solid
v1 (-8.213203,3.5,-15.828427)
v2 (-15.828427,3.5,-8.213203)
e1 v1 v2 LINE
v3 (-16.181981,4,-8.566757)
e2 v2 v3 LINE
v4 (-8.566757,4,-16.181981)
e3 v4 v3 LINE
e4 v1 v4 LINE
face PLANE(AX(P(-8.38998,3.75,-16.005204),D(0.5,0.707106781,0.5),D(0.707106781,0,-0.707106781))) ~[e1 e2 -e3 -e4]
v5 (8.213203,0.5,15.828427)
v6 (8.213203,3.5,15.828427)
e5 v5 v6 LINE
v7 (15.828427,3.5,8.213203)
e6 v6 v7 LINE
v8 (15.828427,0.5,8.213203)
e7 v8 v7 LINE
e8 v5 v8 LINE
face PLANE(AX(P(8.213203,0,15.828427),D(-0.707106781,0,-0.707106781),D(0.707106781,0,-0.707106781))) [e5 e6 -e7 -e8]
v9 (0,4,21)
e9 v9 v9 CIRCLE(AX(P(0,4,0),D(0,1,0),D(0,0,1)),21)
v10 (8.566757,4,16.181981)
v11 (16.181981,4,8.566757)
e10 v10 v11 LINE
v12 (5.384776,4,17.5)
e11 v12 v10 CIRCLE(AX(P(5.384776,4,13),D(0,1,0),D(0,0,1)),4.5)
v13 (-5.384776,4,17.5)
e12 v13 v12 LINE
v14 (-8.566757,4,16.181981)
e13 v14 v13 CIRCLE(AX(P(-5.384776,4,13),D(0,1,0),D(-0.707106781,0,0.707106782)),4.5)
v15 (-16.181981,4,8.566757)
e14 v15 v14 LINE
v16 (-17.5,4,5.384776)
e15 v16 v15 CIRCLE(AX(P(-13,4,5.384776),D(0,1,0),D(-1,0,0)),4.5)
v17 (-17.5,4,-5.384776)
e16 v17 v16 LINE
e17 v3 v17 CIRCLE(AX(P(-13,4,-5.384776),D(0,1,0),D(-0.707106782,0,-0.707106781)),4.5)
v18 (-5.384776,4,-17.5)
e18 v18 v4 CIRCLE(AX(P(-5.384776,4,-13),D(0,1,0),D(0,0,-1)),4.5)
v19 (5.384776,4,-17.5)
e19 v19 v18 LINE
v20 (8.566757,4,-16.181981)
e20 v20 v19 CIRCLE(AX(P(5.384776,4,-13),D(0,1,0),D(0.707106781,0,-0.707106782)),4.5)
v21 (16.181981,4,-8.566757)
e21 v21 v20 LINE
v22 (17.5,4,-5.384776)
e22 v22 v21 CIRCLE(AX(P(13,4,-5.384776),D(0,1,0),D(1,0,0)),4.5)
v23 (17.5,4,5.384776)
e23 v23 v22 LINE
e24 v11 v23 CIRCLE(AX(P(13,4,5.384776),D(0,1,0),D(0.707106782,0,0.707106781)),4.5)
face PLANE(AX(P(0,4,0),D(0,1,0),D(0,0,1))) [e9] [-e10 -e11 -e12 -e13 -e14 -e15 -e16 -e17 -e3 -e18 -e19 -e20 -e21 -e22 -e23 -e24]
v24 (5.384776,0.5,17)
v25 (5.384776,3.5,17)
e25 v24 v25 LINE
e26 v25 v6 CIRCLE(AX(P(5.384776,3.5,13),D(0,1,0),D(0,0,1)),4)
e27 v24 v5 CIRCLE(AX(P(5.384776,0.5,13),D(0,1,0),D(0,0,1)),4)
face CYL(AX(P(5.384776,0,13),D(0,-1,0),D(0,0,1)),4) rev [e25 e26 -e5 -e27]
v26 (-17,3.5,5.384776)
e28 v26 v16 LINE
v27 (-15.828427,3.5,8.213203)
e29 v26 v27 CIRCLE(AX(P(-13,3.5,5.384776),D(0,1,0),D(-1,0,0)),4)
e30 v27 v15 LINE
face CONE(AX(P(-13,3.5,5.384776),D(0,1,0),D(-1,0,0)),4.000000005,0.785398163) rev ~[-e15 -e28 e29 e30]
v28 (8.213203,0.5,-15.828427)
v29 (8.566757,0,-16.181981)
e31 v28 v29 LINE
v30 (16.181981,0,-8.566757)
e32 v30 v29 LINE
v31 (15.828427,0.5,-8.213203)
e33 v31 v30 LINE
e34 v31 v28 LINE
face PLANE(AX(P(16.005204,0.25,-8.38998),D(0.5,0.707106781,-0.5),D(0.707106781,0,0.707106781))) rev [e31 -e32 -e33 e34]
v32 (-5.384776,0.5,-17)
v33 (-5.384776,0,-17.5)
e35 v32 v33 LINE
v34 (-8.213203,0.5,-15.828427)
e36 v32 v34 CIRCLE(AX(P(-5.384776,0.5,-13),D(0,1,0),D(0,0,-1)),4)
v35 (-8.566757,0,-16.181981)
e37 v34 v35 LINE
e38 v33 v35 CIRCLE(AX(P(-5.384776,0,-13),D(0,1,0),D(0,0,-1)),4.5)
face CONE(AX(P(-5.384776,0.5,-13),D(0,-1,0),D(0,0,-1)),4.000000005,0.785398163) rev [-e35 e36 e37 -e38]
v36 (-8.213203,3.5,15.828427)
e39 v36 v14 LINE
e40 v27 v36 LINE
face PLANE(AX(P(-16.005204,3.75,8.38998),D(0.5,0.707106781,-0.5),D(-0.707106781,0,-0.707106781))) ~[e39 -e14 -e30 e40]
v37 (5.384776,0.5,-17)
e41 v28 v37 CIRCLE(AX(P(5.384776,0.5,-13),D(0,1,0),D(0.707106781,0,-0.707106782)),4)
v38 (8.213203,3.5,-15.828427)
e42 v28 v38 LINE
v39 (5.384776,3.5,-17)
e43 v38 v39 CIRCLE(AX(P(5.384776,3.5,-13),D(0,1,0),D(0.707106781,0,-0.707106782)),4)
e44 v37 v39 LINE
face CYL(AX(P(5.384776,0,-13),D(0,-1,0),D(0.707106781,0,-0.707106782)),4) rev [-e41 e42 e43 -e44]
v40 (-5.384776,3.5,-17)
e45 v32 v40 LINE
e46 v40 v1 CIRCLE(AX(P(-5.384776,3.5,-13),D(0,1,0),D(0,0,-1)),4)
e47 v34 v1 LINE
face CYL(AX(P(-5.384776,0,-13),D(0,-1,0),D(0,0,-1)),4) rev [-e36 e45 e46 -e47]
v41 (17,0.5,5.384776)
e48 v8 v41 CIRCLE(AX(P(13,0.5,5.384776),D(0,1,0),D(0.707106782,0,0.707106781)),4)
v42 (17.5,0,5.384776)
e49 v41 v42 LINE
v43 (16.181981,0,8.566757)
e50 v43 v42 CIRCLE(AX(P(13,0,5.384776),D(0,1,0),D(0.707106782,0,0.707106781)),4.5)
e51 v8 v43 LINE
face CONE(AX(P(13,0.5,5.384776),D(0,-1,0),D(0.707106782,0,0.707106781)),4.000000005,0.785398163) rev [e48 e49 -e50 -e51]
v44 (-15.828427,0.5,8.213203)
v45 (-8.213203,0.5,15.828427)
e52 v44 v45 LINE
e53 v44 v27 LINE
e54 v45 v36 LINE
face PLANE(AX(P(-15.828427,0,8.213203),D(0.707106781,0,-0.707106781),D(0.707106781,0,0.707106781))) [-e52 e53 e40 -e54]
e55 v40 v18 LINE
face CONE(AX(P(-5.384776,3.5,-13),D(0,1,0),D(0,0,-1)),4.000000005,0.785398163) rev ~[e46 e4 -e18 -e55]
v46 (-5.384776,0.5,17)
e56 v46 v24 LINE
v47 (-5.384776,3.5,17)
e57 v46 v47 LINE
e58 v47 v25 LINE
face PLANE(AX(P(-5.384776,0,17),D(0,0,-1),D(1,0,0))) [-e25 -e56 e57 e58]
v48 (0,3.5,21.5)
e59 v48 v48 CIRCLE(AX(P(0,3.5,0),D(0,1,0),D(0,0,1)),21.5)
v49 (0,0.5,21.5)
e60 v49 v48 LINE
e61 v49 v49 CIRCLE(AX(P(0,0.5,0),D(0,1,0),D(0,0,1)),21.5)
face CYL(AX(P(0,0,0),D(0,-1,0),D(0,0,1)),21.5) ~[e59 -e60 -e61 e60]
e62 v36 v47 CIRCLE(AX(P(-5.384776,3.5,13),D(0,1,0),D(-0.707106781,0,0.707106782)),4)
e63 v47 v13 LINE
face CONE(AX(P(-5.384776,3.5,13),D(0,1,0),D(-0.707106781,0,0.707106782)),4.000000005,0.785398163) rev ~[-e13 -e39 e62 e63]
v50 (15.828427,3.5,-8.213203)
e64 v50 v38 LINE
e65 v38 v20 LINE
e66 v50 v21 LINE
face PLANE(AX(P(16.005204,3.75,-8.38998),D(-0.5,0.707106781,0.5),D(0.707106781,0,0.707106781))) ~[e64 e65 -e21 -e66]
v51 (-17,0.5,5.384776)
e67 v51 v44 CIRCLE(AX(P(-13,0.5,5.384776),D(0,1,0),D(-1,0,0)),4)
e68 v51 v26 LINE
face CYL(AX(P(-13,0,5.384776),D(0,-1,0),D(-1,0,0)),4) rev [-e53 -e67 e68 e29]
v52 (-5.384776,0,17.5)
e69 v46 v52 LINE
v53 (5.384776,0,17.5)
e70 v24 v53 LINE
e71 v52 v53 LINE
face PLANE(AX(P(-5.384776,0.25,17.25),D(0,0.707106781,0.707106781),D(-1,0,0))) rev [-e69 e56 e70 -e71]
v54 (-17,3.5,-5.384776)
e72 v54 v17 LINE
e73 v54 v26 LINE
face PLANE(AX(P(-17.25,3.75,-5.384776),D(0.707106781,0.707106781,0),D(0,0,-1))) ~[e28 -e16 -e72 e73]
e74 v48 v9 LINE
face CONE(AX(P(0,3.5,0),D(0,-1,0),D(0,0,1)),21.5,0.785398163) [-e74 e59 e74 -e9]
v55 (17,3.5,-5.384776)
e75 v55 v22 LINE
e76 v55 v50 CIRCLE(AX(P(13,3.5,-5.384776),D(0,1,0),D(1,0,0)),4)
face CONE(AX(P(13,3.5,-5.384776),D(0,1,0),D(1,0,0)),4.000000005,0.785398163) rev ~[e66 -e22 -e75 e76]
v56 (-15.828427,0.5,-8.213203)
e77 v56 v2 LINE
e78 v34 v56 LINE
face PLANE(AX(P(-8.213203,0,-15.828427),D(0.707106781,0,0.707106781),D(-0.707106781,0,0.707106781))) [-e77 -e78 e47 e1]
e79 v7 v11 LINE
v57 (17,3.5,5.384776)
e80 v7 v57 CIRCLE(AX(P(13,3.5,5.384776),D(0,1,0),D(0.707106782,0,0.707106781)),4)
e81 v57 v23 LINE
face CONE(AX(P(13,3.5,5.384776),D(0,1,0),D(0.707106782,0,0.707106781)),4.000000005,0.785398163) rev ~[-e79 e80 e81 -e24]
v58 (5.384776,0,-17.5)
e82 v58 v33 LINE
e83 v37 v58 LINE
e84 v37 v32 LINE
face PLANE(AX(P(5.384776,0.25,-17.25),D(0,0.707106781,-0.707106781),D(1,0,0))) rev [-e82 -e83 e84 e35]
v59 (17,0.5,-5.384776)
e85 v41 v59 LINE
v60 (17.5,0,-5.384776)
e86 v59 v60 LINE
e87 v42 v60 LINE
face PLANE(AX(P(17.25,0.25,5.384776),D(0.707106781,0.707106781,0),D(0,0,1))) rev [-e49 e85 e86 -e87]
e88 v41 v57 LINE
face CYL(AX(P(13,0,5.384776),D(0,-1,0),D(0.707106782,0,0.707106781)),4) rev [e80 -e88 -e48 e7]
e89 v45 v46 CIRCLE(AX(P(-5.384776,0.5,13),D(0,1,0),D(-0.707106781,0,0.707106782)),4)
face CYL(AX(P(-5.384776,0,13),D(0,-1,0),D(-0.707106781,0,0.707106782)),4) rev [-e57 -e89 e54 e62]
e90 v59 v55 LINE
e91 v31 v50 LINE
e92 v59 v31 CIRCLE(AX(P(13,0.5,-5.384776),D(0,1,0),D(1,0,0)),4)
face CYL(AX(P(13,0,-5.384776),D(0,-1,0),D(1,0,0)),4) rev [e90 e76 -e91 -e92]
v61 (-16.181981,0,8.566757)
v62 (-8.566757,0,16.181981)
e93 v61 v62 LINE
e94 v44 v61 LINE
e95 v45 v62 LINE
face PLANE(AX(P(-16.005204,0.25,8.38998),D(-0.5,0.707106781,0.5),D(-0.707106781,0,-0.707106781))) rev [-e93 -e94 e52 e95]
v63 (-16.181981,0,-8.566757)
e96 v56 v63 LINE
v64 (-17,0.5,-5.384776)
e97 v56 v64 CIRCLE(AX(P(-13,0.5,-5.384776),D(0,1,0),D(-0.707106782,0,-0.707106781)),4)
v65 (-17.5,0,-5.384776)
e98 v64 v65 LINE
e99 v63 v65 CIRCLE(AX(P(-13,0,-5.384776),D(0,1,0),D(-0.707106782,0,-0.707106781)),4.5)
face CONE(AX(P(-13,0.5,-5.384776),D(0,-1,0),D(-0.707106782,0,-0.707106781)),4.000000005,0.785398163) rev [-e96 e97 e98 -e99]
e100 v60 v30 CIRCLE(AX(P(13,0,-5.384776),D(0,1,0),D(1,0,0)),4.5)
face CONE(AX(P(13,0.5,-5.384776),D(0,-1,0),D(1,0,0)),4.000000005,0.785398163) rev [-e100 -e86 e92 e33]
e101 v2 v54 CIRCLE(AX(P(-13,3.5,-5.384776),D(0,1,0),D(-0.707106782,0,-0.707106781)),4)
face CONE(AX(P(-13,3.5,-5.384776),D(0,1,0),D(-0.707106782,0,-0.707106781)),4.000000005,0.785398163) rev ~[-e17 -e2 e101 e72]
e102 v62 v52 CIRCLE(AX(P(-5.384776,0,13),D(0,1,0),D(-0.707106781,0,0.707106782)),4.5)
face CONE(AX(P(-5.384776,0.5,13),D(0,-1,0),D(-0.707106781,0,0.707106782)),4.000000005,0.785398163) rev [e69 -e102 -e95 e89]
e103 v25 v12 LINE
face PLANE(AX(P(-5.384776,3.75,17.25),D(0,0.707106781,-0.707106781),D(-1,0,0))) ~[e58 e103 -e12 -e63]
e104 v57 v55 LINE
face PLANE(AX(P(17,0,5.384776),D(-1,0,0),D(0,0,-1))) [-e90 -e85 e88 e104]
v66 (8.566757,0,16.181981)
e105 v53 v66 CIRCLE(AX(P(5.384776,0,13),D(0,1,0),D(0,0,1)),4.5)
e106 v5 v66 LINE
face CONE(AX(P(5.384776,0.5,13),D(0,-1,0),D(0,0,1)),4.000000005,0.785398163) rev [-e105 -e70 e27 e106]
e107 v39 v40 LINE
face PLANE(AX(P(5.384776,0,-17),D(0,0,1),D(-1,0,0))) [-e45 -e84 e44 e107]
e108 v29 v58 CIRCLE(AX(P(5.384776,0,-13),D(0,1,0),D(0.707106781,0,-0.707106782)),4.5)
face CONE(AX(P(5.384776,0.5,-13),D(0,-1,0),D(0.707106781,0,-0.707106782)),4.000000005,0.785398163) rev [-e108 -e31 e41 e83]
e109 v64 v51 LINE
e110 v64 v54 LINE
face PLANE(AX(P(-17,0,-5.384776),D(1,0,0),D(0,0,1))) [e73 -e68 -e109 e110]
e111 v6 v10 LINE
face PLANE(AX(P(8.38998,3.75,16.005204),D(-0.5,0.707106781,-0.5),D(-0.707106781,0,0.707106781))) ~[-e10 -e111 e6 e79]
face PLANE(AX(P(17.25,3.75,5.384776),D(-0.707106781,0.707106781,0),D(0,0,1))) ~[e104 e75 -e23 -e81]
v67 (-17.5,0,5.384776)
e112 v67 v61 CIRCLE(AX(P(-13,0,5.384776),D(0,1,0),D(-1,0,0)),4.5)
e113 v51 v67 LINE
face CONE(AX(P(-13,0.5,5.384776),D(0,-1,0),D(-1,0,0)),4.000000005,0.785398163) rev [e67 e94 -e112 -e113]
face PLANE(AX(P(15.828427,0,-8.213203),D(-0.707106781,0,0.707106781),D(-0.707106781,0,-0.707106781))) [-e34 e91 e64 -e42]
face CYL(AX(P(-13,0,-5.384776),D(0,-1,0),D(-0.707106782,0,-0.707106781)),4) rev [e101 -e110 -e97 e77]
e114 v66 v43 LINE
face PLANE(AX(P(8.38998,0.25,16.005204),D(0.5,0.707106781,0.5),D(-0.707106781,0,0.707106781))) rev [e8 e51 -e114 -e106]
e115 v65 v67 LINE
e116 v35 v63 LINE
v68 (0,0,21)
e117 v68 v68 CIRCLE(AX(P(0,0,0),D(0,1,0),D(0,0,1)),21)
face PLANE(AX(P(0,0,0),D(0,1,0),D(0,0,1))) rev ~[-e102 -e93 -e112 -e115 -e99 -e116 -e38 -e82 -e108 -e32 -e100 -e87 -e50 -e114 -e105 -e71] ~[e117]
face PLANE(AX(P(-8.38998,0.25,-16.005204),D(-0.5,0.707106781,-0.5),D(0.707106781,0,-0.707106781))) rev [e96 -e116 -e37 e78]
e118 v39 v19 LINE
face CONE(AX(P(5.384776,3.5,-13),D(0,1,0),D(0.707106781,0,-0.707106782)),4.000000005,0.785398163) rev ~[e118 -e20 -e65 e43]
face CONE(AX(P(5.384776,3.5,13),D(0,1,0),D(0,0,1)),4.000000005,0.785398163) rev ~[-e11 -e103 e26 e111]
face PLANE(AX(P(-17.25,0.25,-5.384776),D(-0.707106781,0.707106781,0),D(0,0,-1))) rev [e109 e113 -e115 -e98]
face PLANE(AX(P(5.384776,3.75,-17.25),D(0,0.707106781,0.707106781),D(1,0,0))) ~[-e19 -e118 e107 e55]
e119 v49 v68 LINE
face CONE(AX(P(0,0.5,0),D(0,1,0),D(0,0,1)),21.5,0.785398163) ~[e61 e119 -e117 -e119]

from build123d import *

# Parameters (mm, degrees)
SKETCH1_R           = 21.5
BOSS_EXTRUDE1_DEPTH = 4
CHAMFER1_SIZE       = 0.5


with BuildPart() as part:
    # Sketch1 → Boss-Extrude1 (new body)
    with BuildSketch(Plane(origin=(0, 0, 0), x_dir=(1, 0, 0), z_dir=(0, 1, 0))):
        with Locations(Location((0, 0, 0), (0, 0, 270))):
            Circle(SKETCH1_R)
        with BuildLine():
            Line((5.384776311, 17), (-5.384776311, 17))
            ThreePointArc((-5.384776311, 17), (-6.91551004, 16.69551813), (-8.213203436, 15.828427125))
            Line((-8.213203436, 15.828427125), (-15.828427125, 8.213203436))
            ThreePointArc((-15.828427125, 8.213203436), (-16.69551813, 6.91551004), (-17, 5.384776311))
            Line((-17, 5.384776311), (-17, -5.384776311))
            ThreePointArc((-17, -5.384776311), (-16.69551813, -6.91551004), (-15.828427125, -8.213203436))
            Line((-15.828427125, -8.213203436), (-8.213203436, -15.828427125))
            ThreePointArc((-8.213203436, -15.828427125), (-6.91551004, -16.69551813), (-5.384776311, -17))
            Line((-5.384776311, -17), (5.384776311, -17))
            ThreePointArc((5.384776311, -17), (6.91551004, -16.69551813), (8.213203436, -15.828427125))
            Line((8.213203436, -15.828427125), (15.828427125, -8.213203436))
            ThreePointArc((15.828427125, -8.213203436), (16.69551813, -6.91551004), (17, -5.384776311))
            Line((17, -5.384776311), (17, 5.384776311))
            ThreePointArc((17, 5.384776311), (16.69551813, 6.91551004), (15.828427125, 8.213203436))
            Line((15.828427125, 8.213203436), (8.213203436, 15.828427125))
            ThreePointArc((8.213203436, 15.828427125), (6.91551004, 16.69551813), (5.384776311, 17))
        make_face(mode=Mode.SUBTRACT)
    extrude(amount=BOSS_EXTRUDE1_DEPTH)

    # Chamfer1
    chamfer1_edges = [part.edges().sort_by_distance(p)[0] for p in [
        (-6.91551004, 0, -16.69551813),
        (-12.02081528, 0, -12.02081528),
        (0, 0, -21.5),
        (-16.69551813, 0, -6.91551004),
        (-17, 0, 0),
        (-16.69551813, 0, 6.91551004),
        (-12.02081528, 0, 12.02081528),
        (-6.91551004, 0, 16.69551813),
        (0, 0, 17),
        (6.91551004, 0, 16.69551813),
        (12.02081528, 0, 12.02081528),
        (16.69551813, 0, 6.91551004),
        (17, 0, 0),
        (16.69551813, 0, -6.91551004),
        (12.02081528, 0, -12.02081528),
        (6.91551004, 0, -16.69551813),
        (0, 0, -17),
        (-6.91551004, 4, -16.69551813),
        (-12.02081528, 4, -12.02081528),
        (-16.69551813, 4, -6.91551004),
        (-17, 4, 0),
        (-16.69551813, 4, 6.91551004),
        (-12.02081528, 4, 12.02081528),
        (-6.91551004, 4, 16.69551813),
        (0, 4, 17),
        (6.91551004, 4, 16.69551813),
        (12.02081528, 4, 12.02081528),
        (16.69551813, 4, 6.91551004),
        (17, 4, 0),
        (16.69551813, 4, -6.91551004),
        (12.02081528, 4, -12.02081528),
        (6.91551004, 4, -16.69551813),
        (0, 4, -17),
        (0, 4, -21.5),
    ]]
    chamfer(chamfer1_edges, length=CHAMFER1_SIZE)


solid = part.part
